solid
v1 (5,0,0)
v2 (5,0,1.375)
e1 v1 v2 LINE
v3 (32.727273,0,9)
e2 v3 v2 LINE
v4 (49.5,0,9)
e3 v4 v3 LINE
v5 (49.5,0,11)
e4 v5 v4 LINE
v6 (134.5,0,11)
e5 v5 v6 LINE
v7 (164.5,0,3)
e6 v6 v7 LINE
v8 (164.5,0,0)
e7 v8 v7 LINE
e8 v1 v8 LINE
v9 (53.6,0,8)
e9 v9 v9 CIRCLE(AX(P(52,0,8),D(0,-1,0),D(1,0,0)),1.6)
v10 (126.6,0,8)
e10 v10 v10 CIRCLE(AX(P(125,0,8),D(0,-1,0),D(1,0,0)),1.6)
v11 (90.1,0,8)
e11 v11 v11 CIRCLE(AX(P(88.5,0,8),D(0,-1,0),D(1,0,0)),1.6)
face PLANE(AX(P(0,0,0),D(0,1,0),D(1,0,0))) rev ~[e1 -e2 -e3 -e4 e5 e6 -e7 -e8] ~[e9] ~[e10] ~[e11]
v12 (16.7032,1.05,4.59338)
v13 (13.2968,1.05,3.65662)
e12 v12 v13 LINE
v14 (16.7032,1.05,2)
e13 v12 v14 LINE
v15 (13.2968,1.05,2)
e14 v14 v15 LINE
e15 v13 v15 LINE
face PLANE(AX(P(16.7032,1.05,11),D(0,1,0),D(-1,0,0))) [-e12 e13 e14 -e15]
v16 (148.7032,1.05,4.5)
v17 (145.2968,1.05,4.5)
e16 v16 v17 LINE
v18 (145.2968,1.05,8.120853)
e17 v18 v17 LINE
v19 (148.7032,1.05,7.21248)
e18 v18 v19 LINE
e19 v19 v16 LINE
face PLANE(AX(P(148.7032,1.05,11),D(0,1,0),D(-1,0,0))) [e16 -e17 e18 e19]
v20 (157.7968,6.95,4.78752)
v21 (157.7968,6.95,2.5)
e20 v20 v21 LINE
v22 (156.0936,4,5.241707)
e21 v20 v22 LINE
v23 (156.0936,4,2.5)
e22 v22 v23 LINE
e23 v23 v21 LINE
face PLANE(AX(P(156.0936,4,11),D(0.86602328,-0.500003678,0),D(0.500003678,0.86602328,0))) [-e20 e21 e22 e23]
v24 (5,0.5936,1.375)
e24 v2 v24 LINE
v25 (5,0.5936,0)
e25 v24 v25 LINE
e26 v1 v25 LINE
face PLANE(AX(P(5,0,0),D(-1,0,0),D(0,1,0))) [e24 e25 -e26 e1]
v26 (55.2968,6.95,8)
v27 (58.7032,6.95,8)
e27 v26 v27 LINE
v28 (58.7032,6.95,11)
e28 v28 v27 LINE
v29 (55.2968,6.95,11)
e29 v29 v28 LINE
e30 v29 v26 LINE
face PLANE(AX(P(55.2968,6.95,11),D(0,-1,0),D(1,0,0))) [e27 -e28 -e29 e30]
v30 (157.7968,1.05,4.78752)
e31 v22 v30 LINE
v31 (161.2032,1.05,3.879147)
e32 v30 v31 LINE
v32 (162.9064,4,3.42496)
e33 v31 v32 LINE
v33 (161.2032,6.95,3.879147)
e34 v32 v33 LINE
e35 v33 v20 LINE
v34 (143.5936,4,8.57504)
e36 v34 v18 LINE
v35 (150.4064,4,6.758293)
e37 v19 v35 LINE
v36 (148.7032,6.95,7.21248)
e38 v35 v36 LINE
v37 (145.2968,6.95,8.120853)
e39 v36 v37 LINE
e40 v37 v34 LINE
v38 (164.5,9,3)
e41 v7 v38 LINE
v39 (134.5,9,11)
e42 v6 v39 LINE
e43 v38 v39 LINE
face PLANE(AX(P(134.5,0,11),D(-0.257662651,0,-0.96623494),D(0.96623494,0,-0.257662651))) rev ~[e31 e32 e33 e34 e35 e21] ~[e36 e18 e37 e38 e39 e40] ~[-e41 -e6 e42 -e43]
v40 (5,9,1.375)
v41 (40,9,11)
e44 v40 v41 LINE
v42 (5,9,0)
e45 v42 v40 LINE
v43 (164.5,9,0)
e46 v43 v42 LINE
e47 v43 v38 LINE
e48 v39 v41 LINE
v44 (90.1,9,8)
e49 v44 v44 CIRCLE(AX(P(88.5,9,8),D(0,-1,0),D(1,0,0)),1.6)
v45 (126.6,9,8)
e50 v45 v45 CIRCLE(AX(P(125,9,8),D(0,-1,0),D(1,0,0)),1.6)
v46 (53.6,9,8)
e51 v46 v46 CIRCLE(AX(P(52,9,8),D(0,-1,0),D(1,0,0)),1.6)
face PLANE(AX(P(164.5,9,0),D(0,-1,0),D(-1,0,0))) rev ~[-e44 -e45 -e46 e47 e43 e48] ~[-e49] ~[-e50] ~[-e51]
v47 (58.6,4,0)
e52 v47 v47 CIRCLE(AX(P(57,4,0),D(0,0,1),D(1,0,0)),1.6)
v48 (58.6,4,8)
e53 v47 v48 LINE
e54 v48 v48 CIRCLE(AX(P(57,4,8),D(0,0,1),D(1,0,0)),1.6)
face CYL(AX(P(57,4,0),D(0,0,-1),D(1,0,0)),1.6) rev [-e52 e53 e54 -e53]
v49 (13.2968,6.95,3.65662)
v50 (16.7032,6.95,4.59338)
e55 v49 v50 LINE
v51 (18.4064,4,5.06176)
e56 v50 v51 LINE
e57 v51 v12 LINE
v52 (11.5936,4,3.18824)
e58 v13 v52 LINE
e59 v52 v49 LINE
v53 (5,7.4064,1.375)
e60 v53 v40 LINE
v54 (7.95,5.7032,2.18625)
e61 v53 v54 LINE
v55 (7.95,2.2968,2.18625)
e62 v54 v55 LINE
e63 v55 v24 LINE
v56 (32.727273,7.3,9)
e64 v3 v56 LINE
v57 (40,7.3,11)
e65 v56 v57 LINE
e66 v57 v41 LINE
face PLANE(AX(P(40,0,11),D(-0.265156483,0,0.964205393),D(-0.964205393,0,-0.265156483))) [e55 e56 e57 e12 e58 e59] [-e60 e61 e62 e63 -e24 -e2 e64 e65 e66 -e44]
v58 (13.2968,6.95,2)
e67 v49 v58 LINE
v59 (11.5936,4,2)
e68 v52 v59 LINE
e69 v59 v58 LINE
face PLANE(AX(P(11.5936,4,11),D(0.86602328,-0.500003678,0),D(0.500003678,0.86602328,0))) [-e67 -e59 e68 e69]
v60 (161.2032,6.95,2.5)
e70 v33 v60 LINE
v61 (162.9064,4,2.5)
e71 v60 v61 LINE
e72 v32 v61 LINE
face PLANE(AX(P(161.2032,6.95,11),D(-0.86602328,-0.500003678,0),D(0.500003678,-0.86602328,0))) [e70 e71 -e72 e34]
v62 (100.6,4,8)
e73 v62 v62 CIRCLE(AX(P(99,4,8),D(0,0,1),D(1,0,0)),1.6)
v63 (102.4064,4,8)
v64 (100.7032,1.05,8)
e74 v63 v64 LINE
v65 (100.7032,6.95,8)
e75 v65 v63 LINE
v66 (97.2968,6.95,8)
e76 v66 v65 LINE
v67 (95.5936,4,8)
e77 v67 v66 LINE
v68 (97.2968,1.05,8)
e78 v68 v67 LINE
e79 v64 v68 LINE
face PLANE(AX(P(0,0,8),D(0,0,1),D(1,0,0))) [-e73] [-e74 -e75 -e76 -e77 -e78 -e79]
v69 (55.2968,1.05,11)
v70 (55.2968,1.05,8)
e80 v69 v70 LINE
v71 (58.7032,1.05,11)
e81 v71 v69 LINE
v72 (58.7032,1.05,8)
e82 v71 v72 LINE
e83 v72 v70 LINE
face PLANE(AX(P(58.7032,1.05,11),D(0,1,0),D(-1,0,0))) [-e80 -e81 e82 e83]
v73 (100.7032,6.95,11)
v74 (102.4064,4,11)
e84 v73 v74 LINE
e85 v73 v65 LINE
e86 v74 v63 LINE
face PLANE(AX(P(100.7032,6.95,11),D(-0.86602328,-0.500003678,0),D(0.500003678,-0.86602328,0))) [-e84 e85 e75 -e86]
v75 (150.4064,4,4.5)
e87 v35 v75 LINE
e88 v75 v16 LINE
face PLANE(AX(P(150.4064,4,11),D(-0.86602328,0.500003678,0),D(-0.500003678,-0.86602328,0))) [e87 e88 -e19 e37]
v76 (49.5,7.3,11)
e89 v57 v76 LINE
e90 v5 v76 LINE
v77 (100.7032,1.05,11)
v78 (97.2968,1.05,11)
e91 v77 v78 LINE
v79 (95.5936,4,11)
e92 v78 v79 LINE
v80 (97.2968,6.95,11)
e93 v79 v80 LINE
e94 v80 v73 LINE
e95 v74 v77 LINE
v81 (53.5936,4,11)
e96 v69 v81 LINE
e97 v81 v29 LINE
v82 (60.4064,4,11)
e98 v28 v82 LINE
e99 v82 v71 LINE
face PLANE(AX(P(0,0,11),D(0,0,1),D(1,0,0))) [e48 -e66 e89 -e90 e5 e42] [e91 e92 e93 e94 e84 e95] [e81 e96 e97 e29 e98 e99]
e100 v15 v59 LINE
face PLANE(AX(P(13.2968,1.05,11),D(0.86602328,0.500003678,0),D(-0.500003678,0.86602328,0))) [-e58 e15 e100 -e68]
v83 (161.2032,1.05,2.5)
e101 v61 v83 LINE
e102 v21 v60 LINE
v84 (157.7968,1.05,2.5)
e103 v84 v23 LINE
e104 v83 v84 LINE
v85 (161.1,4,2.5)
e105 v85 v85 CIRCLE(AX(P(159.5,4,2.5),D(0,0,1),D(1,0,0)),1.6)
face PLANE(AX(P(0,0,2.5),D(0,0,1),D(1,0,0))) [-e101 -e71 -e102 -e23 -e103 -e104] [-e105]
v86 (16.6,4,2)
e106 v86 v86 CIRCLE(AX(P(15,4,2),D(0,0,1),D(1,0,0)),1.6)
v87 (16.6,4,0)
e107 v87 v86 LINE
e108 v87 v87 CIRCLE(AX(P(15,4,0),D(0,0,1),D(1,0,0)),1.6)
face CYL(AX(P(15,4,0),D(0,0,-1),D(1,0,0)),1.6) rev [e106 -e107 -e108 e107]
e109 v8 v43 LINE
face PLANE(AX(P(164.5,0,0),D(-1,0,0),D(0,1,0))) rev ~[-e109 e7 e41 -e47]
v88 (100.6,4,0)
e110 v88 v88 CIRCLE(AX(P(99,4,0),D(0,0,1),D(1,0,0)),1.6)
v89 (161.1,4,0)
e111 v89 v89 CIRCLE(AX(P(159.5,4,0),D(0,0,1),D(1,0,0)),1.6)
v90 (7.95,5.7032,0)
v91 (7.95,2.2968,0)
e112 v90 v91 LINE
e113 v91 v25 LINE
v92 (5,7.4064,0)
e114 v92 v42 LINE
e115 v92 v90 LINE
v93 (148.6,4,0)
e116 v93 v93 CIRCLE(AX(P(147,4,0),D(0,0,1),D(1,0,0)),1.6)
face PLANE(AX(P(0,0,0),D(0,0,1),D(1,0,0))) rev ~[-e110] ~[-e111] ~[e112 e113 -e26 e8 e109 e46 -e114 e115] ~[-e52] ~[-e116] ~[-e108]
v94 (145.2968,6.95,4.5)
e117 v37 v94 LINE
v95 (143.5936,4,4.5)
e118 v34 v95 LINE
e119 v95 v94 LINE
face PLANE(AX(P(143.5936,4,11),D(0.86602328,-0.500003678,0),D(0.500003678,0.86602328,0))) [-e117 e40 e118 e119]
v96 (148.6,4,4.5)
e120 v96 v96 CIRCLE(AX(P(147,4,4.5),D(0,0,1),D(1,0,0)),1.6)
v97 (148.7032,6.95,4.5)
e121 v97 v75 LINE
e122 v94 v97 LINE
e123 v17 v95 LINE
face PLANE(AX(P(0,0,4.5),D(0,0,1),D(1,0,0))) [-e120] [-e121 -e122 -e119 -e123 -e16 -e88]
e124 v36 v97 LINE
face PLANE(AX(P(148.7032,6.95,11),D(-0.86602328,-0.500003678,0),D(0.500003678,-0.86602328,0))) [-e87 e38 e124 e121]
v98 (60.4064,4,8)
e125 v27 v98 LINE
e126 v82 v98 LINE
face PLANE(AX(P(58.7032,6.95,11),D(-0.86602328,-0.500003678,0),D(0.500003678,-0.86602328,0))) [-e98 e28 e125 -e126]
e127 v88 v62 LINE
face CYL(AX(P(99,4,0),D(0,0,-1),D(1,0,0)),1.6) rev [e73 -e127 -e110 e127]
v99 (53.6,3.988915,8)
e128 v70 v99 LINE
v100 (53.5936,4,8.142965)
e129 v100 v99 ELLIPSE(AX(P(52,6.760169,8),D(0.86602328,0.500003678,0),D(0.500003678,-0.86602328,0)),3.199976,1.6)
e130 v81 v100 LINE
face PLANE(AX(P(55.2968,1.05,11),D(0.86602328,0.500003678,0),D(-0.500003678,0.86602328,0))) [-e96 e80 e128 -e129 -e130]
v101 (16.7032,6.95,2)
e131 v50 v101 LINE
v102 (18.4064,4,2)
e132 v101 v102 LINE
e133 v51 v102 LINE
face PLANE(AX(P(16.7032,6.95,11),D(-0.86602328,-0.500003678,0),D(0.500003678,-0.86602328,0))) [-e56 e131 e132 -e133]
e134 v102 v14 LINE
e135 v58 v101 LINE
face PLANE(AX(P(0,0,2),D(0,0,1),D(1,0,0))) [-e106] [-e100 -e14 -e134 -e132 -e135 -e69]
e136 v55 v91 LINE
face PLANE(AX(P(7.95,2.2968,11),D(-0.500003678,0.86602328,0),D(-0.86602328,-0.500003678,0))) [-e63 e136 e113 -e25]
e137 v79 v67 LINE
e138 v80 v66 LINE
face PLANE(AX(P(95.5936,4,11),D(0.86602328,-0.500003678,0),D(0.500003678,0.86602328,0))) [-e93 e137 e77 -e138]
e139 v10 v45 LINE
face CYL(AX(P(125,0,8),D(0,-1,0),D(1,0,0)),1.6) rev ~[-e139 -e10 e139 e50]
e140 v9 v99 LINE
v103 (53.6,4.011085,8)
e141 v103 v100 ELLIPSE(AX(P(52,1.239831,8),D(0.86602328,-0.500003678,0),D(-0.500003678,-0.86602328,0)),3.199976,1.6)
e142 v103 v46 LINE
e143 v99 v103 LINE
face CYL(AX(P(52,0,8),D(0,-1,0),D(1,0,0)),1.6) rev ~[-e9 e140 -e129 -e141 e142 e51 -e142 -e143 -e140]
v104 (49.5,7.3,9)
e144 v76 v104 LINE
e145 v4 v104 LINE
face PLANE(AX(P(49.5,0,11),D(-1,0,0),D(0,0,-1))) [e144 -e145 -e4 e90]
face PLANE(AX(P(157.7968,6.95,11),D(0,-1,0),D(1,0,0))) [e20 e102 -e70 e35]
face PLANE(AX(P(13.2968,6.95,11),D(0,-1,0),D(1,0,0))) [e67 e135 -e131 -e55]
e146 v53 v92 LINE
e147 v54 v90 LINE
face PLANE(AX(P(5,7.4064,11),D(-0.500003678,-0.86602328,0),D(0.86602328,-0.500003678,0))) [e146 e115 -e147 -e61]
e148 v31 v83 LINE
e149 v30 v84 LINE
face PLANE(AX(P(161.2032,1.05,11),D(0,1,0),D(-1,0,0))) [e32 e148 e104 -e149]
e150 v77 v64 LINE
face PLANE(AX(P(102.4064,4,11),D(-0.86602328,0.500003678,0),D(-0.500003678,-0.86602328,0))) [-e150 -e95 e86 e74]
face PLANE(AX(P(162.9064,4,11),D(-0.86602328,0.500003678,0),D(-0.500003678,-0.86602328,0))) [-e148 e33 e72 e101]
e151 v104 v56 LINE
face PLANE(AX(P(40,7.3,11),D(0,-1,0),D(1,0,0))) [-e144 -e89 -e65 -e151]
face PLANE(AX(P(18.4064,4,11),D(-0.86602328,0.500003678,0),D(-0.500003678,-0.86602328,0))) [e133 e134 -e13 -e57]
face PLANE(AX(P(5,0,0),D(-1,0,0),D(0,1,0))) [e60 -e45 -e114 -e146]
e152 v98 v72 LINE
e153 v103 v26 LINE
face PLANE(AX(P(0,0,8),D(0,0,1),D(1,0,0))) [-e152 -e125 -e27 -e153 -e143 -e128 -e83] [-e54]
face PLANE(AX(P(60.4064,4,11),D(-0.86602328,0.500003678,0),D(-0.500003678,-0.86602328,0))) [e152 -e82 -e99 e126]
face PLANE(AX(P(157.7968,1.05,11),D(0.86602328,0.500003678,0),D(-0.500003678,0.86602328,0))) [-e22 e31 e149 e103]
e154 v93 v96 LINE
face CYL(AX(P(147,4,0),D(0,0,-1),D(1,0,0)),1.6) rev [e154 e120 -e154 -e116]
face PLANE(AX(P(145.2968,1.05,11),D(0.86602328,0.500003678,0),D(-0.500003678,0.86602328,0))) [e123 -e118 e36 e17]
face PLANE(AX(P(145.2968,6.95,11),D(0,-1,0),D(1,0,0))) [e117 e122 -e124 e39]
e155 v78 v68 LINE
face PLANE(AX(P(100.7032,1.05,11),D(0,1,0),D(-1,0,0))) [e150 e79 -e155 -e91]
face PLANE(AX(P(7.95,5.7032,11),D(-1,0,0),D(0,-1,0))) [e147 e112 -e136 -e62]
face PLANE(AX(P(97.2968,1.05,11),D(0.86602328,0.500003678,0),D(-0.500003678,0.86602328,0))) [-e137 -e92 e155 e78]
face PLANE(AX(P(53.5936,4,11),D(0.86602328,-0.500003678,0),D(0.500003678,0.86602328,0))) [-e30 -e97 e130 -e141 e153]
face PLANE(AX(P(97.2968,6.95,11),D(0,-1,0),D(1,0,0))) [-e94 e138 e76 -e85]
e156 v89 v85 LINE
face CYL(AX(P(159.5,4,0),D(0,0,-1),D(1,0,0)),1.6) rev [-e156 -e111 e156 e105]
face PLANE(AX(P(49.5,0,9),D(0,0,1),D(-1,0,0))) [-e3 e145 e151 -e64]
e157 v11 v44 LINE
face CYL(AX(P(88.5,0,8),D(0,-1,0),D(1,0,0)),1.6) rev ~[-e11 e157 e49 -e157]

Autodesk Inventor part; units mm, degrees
ref_plane "YZ Plane" through (0, 0, 0) normal (1, 0, 0) x (0, 1, 0)
ref_plane "XZ Plane" through (0, 0, 0) normal (0, 1, 0) x (-1, 0, 0)
ref_plane "XY Plane" through (0, 0, 0) normal (0, 0, 1) x (1, 0, 0)
sketch "Sketch1" plane through (0, 0, 0) normal (0, 0, 1) x (1, 0, 0)
  line L0 (0, 0) -> (164.5, 0)
  line L1 (164.5, 0) -> (164.5, 9)
  line L2 (164.5, 9) -> (0, 9)
  line L3 (0, 9) -> (0, 0)
  circle A0 centre (57, 4) radius 1.6
  circle A1 centre (99, 4) radius 1.6
  circle A2 centre (159.5, 4) radius 1.6
  circle A3 centre (147, 4) radius 1.6
  circle A4 centre (15, 4) radius 1.6
  circle A5 centre (5, 4) radius 1.6
  dimension "d1" = 9
  dimension "d2" = 90
  dimension "d4" = 3.2
  dimension "d6" = 3.2
  dimension "d7" = 3.2
  dimension "d8" = 42
  dimension "d9" = 60.5
  dimension "d26" = 3.2
  dimension "d27" = 48
  dimension "d28" = 3.2
  dimension "d29" = 42
  dimension "d32" = 15
  dimension "d33" = 5
  dimension "d61" = 3.2
  dimension "d62" = 10
  dimension "d63" = 12.5
  dimension "d108" = 4
  dimension "d109" = 4
  dimension "d110" = 4
  dimension "d111" = 4
  dimension "d112" = 4
  dimension "d113" = 4
ref_plane "Work Plane2" through (0, 0, 0) normal (0, -1, 0) x (1, 0, 0)
sketch "Sketch2" plane through (0, 0, 0) normal (0, -1, 0) x (1, 0, 0)
  circle A0 centre (52, 8) radius 1.6
  circle A1 centre (125, 8) radius 1.6
  circle A2 centre (88.5, 8) radius 1.6
  point P0 (0, 0)
  point P1 (52, 0)
  dimension "d13" = 3.2
  dimension "d15" = 3.2
  dimension "d17" = 3.2
  dimension "d18" = 36.5
  dimension "d64" = 52
  dimension "d65" = 36.5
  dimension "d114" = 8
  dimension "d115" = 73
ref_plane "Work Plane1" through (0, 0, 11) normal (0, 0, 1) x (1, 0, 0)
extrude "klocek" add sketch "Sketch1" along normal blind 11
ref_plane "Work Plane3" through (0, 0, 0) normal (0, -1, 0) x (1, 0, 0)
extrude "prowadzenie osi" cut sketch "Sketch2" against normal up to next
ref_plane "Work Plane4" through (0, 0, 0) normal (0, -1, 0) x (1, 0, 0)
sketch "Sketch7" plane through (0, 0, 0) normal (0, -1, 0) x (1, 0, 0)
  line L0 (0, 11) -> (0, 0)
  line L1 (0, 11) -> (164.5, 11) projected
  line L2 (0, 11) -> (40, 11)
  line L3 (40, 11) -> (0, 0)
  point P0 (0, -1.8333)
  dimension "d86" = 11
  dimension "d87" = 40
sketch "Sketch8" plane through (0, 0, 0) normal (0, -1, 0) x (1, 0, 0)
  line L0 (164.5, 0) -> (164.5, 11) projected
  line L1 (164.5, 11) -> (164.5, 3)
  line L2 (164.5, 11) -> (0, 11) projected
  line L3 (164.5, 11) -> (134.5, 11)
  line L4 (134.5, 11) -> (164.5, 3)
  point P0 (0, 0)
  point P1 (40.8333, 11)
  dimension "d80" = 8
  dimension "d81" = 30
extrude "przedni skos" cut sketch "Sketch7" against normal up to next
extrude "tylni skos" cut sketch "Sketch8" against normal up to next
ref_plane "Work Plane7" through (0, 0, 11) normal (0, 0, 1) x (1, 0, 0)
sketch "Sketch5" plane through (0, 0, 11) normal (0, 0, 1) x (1, 0, 0)
  circle A0 centre (99, 4) radius 1.6 projected
  line L0 (95.5936, 4) -> (97.2968, 6.95)
  line L1 (97.2968, 6.95) -> (100.7032, 6.95)
  line L2 (100.7032, 6.95) -> (102.4064, 4)
  line L3 (102.4064, 4) -> (100.7032, 1.05)
  line L4 (100.7032, 1.05) -> (97.2968, 1.05)
  line L5 (97.2968, 1.05) -> (95.5936, 4)
  circle A1 centre (57, 4) radius 1.6 projected
  line L6 (60.4064, 4) -> (58.7032, 1.05)
  line L7 (58.7032, 1.05) -> (55.2968, 1.05)
  line L8 (55.2968, 1.05) -> (53.5936, 4)
  line L9 (53.5936, 4) -> (55.2968, 6.95)
  line L10 (55.2968, 6.95) -> (58.7032, 6.95)
  line L11 (58.7032, 6.95) -> (60.4064, 4)
  point P0 (119.5, 5)
  dimension "d98" = 5.9
  dimension "d100" = 5.9
extrude "hex insert middle" cut sketch "Sketch5" against normal blind 3
ref_plane "Work Plane6" through (0, 0, 11) normal (0, 0, 1) x (1, 0, 0)
sketch "Sketch9" plane through (0, 0, 11) normal (0, 0, 1) x (1, 0, 0)
  circle A0 centre (147, 4) radius 1.6 projected
  line L0 (150.4064, 4) -> (148.7032, 1.05)
  line L1 (148.7032, 1.05) -> (145.2968, 1.05)
  line L2 (145.2968, 1.05) -> (143.5936, 4)
  line L3 (143.5936, 4) -> (145.2968, 6.95)
  line L4 (145.2968, 6.95) -> (148.7032, 6.95)
  line L5 (148.7032, 6.95) -> (150.4064, 4)
  point P0 (0, 0)
  point P1 (153, 5)
  dimension "d99" = 5.9
extrude "hex insert rear 1" cut sketch "Sketch9" against normal blind 6.5
ref_plane "Work Plane5" through (0, 0, 11) normal (0, 0, 1) x (1, 0, 0)
sketch "Sketch10" plane through (0, 0, 11) normal (0, 0, 1) x (1, 0, 0)
  circle A0 centre (159.5, 4) radius 1.6 projected
  line L0 (162.9064, 4) -> (161.2032, 1.05)
  line L1 (161.2032, 1.05) -> (157.7968, 1.05)
  line L2 (157.7968, 1.05) -> (156.0936, 4)
  line L3 (156.0936, 4) -> (157.7968, 6.95)
  line L4 (157.7968, 6.95) -> (161.2032, 6.95)
  line L5 (161.2032, 6.95) -> (162.9064, 4)
  point P0 (0, 0)
  dimension "d101" = 5.9
extrude "hex insert rear 2" cut sketch "Sketch10" against normal blind 8.5
sketch "Sketch13" plane through (0, 0, 11) normal (0, 0, 1) x (1, 0, 0)
  line L0 (197.4, 0) -> (-32.9, 0) projected
  line L1 (7.95, 2.2968) -> (5, 0.5936)
  line L2 (5, 0.5936) -> (2.05, 2.2968)
  line L3 (2.05, 2.2968) -> (2.05, 5.7032)
  line L4 (2.05, 5.7032) -> (5, 7.4064)
  line L5 (5, 7.4064) -> (7.95, 5.7032)
  line L6 (7.95, 5.7032) -> (7.95, 2.2968)
  point P0 (0, 0)
  point P1 (5, 4)
  point P2 (5, 4)
  dimension "d117" = 5.9
extrude "hex insert front 1" cut sketch "Sketch13" against normal through all
sketch "Sketch16" plane through (0, 0, 11) normal (0, 0, 1) x (1, 0, 0)
  circle A0 centre (15, 4) radius 1.6 projected
  line L0 (18.4064, 4) -> (16.7032, 1.05)
  line L1 (16.7032, 1.05) -> (13.2968, 1.05)
  line L2 (13.2968, 1.05) -> (11.5936, 4)
  line L3 (11.5936, 4) -> (13.2968, 6.95)
  line L4 (13.2968, 6.95) -> (16.7032, 6.95)
  line L5 (16.7032, 6.95) -> (18.4064, 4)
  point P0 (0, 0)
  dimension "d93" = 5.9
extrude "hex insert front 2" cut sketch "Sketch16" against normal blind 9
sketch "Sketch17" plane through (0, 0, 0) normal (0, 0, -1) x (-1, 0, 0)
  line L0 (0, 9) -> (0, 0) projected
  line L1 (0, 0) -> (-5, 0)
  line L2 (-5, 0) -> (-5, 10.0042)
  line L3 (-5, 10.0042) -> (0, 10.0042)
  line L4 (0, 10.0042) -> (0, 0)
  point P0 (-5, 7.4064)
extrude "Extrusion20" cut sketch "Sketch17" against normal up to next
sketch "Sketch18" plane through (40, 0, 11) normal (0, -1, 0) x (1, 0, 0)
  line L0 (9.5, 0) -> (9.5, -2)
  line L1 (9.5, -2) -> (-7.5, -2)
  line L2 (-7.5, -2) -> (-7.5, 0)
  line L3 (-7.5, 0) -> (9.5, 0)
  line L4 (94.5, 0) -> (0, 0) projected
  circle A0 centre (12, -3) radius 1.6 projected
  line L5 (-35, -11) -> (124.5, -11) projected
  point P0 (-40, -11)
  dimension "d102" = 2
  dimension "d103" = 17
  dimension "d104" = 2.5
extrude "Extrusion21" cut sketch "Sketch18" against normal blind 7.3 contours L0 L1 L2 L3
properties part number "wheel_support_v3_narrow_with_line_sensor_all_holes"
